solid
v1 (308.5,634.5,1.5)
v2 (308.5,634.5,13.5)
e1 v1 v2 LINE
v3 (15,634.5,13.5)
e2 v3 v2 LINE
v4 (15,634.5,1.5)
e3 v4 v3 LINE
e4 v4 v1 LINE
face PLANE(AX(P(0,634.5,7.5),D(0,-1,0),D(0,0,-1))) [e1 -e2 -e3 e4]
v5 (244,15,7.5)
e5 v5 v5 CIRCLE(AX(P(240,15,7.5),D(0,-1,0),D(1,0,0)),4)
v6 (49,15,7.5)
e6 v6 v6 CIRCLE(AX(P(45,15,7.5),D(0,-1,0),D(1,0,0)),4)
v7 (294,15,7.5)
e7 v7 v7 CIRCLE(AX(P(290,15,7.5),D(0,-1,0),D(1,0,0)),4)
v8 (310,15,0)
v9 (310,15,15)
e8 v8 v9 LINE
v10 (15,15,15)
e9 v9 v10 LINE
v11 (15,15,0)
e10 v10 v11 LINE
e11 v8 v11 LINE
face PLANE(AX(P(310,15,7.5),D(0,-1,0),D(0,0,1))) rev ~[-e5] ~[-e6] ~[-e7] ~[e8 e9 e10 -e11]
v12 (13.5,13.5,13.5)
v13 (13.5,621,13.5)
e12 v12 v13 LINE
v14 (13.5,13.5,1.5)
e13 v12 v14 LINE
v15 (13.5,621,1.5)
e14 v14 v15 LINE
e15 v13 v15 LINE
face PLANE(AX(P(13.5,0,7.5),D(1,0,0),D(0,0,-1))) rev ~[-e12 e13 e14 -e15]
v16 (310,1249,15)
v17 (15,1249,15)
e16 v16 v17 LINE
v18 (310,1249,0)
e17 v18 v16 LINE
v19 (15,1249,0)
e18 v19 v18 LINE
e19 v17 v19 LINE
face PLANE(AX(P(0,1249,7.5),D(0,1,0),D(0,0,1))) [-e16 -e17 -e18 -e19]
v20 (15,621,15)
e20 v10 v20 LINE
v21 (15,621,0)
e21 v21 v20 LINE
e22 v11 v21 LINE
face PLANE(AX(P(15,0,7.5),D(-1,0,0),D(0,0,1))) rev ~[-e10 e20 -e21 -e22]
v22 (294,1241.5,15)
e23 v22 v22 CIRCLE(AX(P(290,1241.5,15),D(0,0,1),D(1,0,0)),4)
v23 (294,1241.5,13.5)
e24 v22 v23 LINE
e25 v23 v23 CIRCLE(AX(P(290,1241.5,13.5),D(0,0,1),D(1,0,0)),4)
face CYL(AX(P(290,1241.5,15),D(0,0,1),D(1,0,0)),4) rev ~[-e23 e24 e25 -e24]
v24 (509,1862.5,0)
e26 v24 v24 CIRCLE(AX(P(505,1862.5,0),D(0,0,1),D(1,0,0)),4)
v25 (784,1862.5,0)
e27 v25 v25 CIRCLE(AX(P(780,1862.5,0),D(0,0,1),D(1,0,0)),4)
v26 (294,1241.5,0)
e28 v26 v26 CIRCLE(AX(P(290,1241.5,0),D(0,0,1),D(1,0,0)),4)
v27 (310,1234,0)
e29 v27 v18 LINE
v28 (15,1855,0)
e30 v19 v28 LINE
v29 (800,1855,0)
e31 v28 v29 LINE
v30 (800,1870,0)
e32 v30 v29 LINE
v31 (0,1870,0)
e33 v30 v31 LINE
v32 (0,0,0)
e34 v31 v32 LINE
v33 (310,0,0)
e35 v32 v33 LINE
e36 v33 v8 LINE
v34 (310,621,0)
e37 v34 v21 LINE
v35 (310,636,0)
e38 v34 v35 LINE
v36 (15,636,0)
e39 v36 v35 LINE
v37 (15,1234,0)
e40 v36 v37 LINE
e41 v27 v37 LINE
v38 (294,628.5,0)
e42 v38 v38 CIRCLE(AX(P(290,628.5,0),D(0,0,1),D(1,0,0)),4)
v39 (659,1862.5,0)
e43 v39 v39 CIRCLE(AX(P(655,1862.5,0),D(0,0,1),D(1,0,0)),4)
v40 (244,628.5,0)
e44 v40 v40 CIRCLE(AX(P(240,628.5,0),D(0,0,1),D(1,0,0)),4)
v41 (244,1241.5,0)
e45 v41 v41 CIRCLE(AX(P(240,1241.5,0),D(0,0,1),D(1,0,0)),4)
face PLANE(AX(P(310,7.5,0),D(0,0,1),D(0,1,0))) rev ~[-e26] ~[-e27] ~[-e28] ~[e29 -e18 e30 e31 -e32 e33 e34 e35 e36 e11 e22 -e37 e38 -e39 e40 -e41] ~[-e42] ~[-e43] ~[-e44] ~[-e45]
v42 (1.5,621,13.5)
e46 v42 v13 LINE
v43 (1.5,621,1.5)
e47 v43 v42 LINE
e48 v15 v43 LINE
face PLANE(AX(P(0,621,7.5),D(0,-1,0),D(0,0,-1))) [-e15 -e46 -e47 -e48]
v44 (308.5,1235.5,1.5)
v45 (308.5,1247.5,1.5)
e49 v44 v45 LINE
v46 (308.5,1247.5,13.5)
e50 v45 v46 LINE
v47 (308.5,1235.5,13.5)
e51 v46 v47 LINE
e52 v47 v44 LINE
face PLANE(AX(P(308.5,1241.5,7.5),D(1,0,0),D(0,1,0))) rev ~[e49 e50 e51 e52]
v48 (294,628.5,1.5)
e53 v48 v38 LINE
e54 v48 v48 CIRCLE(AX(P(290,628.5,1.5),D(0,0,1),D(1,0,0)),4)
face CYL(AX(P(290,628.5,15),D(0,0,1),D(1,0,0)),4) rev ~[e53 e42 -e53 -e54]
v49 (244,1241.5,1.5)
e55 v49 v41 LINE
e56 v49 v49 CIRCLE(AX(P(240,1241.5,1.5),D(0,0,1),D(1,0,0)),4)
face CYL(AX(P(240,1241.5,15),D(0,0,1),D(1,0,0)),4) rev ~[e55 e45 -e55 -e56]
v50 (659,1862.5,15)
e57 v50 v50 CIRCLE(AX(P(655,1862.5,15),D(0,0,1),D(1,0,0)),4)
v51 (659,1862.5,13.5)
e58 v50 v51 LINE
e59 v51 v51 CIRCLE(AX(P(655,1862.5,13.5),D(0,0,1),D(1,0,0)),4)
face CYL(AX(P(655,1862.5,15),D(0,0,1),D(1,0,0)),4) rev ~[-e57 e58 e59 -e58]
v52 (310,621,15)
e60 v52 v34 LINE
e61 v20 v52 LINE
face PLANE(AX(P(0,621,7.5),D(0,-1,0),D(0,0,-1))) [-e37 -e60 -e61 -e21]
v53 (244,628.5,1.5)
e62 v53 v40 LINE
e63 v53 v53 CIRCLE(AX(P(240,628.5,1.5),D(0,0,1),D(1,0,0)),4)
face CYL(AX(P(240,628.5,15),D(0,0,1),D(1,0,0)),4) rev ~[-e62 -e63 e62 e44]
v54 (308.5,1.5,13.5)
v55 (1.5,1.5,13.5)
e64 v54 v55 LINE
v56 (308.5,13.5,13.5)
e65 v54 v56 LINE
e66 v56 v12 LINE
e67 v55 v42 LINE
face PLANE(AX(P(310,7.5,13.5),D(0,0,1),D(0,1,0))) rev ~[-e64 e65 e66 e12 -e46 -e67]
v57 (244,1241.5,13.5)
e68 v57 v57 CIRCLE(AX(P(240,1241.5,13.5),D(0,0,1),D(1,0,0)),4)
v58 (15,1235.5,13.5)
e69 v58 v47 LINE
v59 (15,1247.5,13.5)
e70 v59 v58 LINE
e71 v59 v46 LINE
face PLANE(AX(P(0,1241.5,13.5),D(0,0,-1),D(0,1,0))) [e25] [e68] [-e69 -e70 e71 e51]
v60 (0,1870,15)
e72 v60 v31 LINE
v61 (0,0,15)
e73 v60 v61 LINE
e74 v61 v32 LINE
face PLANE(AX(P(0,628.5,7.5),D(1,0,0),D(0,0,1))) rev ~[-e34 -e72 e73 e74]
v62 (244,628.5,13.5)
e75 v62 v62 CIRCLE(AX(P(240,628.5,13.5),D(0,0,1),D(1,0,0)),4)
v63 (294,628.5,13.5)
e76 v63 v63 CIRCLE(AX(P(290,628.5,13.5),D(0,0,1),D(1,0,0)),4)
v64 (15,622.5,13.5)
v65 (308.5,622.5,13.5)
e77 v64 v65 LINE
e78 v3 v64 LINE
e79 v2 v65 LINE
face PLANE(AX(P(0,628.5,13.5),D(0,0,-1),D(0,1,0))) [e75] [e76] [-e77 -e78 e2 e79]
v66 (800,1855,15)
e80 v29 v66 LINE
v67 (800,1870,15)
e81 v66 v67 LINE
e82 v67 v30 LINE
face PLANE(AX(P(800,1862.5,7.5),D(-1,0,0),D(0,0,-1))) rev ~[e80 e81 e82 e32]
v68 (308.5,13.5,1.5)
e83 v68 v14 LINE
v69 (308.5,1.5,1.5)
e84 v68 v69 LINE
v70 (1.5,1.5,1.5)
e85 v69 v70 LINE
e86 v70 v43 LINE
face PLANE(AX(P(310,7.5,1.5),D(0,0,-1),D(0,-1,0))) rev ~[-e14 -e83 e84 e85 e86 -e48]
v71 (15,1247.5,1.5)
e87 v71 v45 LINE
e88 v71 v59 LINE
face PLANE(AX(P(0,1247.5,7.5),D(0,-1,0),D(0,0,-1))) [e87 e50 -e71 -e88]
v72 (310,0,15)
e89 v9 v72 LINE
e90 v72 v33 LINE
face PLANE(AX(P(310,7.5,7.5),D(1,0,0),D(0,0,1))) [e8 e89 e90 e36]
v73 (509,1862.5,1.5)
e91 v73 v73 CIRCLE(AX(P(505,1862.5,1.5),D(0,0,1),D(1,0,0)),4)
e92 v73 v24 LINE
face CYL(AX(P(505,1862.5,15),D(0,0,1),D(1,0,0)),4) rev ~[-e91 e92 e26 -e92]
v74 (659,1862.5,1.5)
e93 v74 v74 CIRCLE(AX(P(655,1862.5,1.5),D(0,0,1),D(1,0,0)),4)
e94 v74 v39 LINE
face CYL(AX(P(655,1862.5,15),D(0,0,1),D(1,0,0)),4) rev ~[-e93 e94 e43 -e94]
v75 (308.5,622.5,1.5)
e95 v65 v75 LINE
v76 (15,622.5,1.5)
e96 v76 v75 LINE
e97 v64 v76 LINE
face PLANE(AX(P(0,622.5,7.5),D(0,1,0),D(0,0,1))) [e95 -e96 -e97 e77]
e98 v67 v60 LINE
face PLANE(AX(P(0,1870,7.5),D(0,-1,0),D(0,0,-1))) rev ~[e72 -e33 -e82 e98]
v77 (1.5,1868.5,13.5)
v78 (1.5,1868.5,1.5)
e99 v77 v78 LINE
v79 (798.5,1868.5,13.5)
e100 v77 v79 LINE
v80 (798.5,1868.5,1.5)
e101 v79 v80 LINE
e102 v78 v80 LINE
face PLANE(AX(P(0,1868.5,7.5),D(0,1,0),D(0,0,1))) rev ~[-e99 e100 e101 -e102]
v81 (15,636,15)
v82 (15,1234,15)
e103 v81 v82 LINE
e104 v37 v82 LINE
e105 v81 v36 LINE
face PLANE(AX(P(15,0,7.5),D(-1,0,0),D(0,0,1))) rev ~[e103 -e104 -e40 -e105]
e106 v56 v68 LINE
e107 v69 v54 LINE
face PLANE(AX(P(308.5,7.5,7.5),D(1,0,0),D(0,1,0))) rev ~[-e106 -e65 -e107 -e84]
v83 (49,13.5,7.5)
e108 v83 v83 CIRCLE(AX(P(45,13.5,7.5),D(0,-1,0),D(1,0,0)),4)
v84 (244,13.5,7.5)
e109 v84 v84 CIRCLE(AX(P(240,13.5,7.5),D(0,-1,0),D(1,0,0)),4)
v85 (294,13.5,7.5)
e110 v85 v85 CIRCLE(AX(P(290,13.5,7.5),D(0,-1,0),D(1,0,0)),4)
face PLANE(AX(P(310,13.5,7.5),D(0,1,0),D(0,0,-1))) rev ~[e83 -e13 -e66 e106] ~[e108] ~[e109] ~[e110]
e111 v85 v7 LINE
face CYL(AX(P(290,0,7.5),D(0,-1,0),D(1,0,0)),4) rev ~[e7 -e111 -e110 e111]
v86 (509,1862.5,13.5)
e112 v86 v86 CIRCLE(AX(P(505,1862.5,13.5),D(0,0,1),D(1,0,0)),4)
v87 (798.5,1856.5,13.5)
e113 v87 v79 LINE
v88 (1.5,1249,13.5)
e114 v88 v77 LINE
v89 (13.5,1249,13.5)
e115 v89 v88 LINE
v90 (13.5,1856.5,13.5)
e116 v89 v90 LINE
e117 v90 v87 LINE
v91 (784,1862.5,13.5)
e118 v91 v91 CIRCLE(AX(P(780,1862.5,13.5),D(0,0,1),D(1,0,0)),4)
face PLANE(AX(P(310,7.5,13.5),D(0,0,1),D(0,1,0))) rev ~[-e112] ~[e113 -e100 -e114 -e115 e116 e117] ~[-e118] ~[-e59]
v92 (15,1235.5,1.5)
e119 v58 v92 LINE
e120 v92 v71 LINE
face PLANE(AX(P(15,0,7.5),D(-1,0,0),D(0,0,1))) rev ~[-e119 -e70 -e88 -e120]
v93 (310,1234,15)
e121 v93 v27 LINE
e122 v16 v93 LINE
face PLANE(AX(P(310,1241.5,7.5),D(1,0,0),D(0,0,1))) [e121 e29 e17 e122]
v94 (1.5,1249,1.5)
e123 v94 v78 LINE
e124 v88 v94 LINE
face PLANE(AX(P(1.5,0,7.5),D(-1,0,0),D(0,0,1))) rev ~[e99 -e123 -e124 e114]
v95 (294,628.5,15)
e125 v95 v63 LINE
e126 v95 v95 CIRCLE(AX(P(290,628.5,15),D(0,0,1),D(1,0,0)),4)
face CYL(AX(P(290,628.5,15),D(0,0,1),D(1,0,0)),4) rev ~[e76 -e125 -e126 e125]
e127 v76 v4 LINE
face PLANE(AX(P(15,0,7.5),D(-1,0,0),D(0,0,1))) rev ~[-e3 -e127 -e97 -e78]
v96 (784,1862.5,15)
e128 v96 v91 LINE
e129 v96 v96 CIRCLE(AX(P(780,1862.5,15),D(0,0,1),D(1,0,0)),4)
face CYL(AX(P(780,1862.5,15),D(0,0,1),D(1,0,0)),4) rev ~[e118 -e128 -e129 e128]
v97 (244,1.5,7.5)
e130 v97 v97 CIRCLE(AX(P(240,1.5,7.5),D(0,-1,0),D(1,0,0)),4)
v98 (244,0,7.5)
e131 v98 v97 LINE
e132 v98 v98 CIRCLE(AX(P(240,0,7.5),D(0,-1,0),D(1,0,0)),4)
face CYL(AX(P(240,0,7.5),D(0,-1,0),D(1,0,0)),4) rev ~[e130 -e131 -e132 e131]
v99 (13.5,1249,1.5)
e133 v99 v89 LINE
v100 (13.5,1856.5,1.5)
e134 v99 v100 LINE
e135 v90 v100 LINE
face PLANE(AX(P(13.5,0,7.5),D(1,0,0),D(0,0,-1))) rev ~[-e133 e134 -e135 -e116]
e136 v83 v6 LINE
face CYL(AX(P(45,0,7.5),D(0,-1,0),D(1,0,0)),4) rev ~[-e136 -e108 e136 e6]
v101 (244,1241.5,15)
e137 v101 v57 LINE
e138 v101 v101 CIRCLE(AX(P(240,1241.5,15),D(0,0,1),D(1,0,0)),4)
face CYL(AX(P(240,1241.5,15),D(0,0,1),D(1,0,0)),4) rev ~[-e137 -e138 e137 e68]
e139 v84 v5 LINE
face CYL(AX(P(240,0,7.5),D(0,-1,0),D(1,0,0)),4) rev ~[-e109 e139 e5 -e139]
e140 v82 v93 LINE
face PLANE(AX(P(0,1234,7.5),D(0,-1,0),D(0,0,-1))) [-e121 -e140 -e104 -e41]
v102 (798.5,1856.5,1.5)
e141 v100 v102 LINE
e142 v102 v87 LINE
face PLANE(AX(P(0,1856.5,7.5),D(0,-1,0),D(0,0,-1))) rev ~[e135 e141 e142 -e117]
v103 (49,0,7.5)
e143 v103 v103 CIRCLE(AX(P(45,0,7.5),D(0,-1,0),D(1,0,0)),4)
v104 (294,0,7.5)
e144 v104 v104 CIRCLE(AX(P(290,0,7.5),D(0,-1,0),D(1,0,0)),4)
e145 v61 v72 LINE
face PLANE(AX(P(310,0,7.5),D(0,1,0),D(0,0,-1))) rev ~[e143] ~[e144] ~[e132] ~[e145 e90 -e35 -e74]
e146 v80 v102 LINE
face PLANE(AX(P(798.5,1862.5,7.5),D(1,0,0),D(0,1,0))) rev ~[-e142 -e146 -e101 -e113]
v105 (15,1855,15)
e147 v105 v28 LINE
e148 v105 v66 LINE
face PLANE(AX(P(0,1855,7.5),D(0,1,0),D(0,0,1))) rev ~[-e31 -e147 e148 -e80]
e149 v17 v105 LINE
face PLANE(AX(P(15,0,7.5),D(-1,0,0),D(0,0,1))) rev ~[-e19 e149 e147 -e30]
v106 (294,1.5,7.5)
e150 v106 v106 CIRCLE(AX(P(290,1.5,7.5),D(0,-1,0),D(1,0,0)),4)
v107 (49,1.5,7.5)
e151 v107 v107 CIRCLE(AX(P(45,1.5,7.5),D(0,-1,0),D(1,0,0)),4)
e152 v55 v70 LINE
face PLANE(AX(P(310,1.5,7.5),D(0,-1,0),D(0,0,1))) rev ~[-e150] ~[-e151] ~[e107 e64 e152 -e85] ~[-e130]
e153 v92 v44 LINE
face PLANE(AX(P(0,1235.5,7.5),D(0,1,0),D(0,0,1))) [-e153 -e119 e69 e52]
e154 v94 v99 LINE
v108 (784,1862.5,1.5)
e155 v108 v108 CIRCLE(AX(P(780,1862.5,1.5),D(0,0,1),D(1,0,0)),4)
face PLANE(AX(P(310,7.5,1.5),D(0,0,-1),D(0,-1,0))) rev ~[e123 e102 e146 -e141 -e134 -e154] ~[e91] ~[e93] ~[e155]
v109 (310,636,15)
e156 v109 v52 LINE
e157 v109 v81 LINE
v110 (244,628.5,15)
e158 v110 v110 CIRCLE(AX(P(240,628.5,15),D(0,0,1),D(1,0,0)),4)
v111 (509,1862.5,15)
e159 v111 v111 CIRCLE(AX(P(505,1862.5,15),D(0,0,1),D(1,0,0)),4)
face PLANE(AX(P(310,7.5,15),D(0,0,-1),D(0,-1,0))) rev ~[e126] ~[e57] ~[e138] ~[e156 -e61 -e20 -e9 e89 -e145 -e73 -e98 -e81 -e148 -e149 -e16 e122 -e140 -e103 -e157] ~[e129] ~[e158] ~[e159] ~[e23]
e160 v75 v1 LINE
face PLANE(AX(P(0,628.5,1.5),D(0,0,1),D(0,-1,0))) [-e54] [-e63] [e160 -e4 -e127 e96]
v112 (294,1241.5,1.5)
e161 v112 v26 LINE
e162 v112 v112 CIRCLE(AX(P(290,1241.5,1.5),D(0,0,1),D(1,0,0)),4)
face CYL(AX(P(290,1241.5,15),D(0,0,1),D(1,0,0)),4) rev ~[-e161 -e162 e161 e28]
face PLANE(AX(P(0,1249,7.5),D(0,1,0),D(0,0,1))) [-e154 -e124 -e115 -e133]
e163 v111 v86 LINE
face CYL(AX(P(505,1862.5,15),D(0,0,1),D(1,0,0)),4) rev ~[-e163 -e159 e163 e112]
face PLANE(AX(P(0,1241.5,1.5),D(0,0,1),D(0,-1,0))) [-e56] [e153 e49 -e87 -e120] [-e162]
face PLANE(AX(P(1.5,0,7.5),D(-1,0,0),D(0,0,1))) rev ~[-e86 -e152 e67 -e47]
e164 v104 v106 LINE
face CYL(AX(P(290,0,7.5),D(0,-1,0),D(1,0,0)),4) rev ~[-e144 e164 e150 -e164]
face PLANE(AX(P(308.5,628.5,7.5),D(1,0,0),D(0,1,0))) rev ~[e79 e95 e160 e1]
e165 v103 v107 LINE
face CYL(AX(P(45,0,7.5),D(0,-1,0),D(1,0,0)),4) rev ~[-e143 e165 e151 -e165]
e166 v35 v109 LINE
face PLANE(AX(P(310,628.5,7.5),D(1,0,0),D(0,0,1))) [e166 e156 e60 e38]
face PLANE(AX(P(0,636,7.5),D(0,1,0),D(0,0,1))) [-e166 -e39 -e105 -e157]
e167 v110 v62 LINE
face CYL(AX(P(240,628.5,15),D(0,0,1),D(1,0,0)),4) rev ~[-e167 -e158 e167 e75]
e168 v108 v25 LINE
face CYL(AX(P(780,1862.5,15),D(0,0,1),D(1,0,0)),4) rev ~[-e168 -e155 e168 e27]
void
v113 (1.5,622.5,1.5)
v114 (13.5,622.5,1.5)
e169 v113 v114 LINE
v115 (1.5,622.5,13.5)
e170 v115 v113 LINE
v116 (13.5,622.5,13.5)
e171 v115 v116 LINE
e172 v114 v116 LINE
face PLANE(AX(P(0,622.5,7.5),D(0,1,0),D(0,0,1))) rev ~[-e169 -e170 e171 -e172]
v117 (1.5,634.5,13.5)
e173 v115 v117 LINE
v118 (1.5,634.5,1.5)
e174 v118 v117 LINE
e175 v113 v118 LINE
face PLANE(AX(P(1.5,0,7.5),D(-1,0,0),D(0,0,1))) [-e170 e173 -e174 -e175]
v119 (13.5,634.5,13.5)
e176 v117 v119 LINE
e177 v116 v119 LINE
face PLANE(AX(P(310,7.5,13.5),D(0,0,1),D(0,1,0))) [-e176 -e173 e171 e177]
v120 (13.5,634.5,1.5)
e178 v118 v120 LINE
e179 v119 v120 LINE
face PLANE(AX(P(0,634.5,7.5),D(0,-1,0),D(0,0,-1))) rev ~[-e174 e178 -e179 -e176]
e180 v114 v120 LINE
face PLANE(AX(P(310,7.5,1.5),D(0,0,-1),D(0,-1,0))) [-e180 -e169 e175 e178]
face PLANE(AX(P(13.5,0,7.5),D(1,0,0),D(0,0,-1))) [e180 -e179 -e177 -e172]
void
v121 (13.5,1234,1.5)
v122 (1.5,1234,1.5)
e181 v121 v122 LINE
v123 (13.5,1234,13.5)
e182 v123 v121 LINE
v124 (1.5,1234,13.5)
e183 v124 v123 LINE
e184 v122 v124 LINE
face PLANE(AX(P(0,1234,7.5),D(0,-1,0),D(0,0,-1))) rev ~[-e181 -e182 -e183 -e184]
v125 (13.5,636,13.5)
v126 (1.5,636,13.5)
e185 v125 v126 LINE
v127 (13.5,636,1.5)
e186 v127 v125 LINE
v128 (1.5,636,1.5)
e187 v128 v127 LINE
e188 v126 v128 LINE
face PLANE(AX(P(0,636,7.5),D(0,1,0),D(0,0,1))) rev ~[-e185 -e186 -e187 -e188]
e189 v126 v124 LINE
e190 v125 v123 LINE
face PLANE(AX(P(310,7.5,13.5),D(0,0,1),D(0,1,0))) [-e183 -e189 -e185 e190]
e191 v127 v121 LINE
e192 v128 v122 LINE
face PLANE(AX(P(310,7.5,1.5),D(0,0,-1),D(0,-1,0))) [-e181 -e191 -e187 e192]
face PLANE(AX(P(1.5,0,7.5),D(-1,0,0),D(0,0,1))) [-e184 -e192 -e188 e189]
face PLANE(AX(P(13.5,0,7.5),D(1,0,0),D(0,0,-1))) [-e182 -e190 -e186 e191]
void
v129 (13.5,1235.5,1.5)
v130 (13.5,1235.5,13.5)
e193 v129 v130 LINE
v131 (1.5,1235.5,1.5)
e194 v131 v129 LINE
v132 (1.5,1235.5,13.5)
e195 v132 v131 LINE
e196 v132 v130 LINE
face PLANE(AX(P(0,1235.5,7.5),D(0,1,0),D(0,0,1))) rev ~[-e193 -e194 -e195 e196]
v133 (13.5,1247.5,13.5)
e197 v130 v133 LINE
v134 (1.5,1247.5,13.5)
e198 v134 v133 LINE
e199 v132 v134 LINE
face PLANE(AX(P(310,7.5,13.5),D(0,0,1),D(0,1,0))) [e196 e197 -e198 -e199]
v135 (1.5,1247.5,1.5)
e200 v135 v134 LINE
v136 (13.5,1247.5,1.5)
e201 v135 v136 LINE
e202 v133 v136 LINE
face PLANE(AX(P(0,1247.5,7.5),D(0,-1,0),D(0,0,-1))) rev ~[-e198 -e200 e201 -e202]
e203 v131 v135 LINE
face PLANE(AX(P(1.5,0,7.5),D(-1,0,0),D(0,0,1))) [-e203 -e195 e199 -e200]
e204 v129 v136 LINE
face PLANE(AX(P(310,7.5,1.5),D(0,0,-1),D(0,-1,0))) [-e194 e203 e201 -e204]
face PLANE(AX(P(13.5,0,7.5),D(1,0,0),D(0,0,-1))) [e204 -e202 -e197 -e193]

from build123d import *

# Parameters (mm, degrees)
F1_W      = 15
F1_H      = 15
F1_W_2    = 12
F1_H_2    = 12
F4_W      = 15
F4_H      = 15
F5_DEPTH  = 1.5
F6_W      = 15
F6_H      = 15
F7_DEPTH  = 1.5
F8_R      = 4
F9_DEPTH  = 15
F10_R     = 4
F11_DEPTH = 15


with BuildPart() as f2:
    # F2: sweep along a path in F0
    with BuildLine(Plane.XY) as f2_path:
        Line((310, 0), (0, 0))
        Line((0, 0), (0, 1870))
        Line((0, 1870), (800, 1870))
    # F1 (on Right) → F2 (sweep)
    with BuildSketch(Plane.YZ):
        with Locations((7.5, 7.5)):
            Rectangle(F1_W, F1_H)
        with Locations((7.5, 7.5)):
            Rectangle(F1_W_2, F1_H_2, mode=Mode.SUBTRACT)
    sweep(path=f2_path.line, transition=Transition.RIGHT)

    # F3: sweep along a path in F0
    with BuildLine(Plane.XY) as f3_path:
        Line((0, 628.5), (310, 628.5))
    # F1 (on Right) → F3 (sweep)
    with BuildSketch(Plane.YZ):
        with Locations((628.5, 7.5)):
            Rectangle(F1_W, F1_H)
        with Locations((628.5, 7.5)):
            Rectangle(F1_W_2, F1_H_2, mode=Mode.SUBTRACT)
        with Locations((1241.5, 7.5)):
            Rectangle(F1_W, F1_H)
        with Locations((1241.5, 7.5)):
            Rectangle(F1_W_2, F1_H_2, mode=Mode.SUBTRACT)
    sweep(path=f3_path.line)

    # F4 (on face) → F5 (join)
    with BuildSketch(Plane.YZ.offset(310)):
        with Locations((7.5, 7.5)):
            Rectangle(F4_W, F4_H)
        with Locations((628.5, 7.5)):
            Rectangle(F4_W, F4_H)
        with Locations((1241.5, 7.5)):
            Rectangle(F4_W, F4_H)
    extrude(amount=-F5_DEPTH)

    # F6 (on face) → F7 (join)
    with BuildSketch(Plane.YZ.offset(800)):
        with Locations((1862.5, 7.5)):
            Rectangle(F6_W, F6_H)
    extrude(amount=-F7_DEPTH)

    # F8 (on face) → F9 (cut, through all)
    with BuildSketch(Plane.XY.offset(15)):
        with Locations((290, 628.5)):
            Circle(F8_R)
        with Locations((240, 628.5)):
            Circle(F8_R)
        with Locations((290, 1241.5)):
            Circle(F8_R)
        with Locations((240, 1241.5)):
            Circle(F8_R)
        with Locations((780, 1862.5)):
            Circle(F8_R)
        with Locations((655, 1862.5)):
            Circle(F8_R)
        with Locations((505, 1862.5)):
            Circle(F8_R)
    extrude(amount=-F9_DEPTH, mode=Mode.SUBTRACT)

    # F10 (on face) → F11 (cut, through all)
    with BuildSketch(Plane.XZ):
        with Locations((290, 7.5)):
            Circle(F10_R)
        with Locations((240, 7.5)):
            Circle(F10_R)
        with Locations((45, 7.5)):
            Circle(F10_R)
    extrude(amount=-F11_DEPTH, mode=Mode.SUBTRACT)


solid = f2.part
